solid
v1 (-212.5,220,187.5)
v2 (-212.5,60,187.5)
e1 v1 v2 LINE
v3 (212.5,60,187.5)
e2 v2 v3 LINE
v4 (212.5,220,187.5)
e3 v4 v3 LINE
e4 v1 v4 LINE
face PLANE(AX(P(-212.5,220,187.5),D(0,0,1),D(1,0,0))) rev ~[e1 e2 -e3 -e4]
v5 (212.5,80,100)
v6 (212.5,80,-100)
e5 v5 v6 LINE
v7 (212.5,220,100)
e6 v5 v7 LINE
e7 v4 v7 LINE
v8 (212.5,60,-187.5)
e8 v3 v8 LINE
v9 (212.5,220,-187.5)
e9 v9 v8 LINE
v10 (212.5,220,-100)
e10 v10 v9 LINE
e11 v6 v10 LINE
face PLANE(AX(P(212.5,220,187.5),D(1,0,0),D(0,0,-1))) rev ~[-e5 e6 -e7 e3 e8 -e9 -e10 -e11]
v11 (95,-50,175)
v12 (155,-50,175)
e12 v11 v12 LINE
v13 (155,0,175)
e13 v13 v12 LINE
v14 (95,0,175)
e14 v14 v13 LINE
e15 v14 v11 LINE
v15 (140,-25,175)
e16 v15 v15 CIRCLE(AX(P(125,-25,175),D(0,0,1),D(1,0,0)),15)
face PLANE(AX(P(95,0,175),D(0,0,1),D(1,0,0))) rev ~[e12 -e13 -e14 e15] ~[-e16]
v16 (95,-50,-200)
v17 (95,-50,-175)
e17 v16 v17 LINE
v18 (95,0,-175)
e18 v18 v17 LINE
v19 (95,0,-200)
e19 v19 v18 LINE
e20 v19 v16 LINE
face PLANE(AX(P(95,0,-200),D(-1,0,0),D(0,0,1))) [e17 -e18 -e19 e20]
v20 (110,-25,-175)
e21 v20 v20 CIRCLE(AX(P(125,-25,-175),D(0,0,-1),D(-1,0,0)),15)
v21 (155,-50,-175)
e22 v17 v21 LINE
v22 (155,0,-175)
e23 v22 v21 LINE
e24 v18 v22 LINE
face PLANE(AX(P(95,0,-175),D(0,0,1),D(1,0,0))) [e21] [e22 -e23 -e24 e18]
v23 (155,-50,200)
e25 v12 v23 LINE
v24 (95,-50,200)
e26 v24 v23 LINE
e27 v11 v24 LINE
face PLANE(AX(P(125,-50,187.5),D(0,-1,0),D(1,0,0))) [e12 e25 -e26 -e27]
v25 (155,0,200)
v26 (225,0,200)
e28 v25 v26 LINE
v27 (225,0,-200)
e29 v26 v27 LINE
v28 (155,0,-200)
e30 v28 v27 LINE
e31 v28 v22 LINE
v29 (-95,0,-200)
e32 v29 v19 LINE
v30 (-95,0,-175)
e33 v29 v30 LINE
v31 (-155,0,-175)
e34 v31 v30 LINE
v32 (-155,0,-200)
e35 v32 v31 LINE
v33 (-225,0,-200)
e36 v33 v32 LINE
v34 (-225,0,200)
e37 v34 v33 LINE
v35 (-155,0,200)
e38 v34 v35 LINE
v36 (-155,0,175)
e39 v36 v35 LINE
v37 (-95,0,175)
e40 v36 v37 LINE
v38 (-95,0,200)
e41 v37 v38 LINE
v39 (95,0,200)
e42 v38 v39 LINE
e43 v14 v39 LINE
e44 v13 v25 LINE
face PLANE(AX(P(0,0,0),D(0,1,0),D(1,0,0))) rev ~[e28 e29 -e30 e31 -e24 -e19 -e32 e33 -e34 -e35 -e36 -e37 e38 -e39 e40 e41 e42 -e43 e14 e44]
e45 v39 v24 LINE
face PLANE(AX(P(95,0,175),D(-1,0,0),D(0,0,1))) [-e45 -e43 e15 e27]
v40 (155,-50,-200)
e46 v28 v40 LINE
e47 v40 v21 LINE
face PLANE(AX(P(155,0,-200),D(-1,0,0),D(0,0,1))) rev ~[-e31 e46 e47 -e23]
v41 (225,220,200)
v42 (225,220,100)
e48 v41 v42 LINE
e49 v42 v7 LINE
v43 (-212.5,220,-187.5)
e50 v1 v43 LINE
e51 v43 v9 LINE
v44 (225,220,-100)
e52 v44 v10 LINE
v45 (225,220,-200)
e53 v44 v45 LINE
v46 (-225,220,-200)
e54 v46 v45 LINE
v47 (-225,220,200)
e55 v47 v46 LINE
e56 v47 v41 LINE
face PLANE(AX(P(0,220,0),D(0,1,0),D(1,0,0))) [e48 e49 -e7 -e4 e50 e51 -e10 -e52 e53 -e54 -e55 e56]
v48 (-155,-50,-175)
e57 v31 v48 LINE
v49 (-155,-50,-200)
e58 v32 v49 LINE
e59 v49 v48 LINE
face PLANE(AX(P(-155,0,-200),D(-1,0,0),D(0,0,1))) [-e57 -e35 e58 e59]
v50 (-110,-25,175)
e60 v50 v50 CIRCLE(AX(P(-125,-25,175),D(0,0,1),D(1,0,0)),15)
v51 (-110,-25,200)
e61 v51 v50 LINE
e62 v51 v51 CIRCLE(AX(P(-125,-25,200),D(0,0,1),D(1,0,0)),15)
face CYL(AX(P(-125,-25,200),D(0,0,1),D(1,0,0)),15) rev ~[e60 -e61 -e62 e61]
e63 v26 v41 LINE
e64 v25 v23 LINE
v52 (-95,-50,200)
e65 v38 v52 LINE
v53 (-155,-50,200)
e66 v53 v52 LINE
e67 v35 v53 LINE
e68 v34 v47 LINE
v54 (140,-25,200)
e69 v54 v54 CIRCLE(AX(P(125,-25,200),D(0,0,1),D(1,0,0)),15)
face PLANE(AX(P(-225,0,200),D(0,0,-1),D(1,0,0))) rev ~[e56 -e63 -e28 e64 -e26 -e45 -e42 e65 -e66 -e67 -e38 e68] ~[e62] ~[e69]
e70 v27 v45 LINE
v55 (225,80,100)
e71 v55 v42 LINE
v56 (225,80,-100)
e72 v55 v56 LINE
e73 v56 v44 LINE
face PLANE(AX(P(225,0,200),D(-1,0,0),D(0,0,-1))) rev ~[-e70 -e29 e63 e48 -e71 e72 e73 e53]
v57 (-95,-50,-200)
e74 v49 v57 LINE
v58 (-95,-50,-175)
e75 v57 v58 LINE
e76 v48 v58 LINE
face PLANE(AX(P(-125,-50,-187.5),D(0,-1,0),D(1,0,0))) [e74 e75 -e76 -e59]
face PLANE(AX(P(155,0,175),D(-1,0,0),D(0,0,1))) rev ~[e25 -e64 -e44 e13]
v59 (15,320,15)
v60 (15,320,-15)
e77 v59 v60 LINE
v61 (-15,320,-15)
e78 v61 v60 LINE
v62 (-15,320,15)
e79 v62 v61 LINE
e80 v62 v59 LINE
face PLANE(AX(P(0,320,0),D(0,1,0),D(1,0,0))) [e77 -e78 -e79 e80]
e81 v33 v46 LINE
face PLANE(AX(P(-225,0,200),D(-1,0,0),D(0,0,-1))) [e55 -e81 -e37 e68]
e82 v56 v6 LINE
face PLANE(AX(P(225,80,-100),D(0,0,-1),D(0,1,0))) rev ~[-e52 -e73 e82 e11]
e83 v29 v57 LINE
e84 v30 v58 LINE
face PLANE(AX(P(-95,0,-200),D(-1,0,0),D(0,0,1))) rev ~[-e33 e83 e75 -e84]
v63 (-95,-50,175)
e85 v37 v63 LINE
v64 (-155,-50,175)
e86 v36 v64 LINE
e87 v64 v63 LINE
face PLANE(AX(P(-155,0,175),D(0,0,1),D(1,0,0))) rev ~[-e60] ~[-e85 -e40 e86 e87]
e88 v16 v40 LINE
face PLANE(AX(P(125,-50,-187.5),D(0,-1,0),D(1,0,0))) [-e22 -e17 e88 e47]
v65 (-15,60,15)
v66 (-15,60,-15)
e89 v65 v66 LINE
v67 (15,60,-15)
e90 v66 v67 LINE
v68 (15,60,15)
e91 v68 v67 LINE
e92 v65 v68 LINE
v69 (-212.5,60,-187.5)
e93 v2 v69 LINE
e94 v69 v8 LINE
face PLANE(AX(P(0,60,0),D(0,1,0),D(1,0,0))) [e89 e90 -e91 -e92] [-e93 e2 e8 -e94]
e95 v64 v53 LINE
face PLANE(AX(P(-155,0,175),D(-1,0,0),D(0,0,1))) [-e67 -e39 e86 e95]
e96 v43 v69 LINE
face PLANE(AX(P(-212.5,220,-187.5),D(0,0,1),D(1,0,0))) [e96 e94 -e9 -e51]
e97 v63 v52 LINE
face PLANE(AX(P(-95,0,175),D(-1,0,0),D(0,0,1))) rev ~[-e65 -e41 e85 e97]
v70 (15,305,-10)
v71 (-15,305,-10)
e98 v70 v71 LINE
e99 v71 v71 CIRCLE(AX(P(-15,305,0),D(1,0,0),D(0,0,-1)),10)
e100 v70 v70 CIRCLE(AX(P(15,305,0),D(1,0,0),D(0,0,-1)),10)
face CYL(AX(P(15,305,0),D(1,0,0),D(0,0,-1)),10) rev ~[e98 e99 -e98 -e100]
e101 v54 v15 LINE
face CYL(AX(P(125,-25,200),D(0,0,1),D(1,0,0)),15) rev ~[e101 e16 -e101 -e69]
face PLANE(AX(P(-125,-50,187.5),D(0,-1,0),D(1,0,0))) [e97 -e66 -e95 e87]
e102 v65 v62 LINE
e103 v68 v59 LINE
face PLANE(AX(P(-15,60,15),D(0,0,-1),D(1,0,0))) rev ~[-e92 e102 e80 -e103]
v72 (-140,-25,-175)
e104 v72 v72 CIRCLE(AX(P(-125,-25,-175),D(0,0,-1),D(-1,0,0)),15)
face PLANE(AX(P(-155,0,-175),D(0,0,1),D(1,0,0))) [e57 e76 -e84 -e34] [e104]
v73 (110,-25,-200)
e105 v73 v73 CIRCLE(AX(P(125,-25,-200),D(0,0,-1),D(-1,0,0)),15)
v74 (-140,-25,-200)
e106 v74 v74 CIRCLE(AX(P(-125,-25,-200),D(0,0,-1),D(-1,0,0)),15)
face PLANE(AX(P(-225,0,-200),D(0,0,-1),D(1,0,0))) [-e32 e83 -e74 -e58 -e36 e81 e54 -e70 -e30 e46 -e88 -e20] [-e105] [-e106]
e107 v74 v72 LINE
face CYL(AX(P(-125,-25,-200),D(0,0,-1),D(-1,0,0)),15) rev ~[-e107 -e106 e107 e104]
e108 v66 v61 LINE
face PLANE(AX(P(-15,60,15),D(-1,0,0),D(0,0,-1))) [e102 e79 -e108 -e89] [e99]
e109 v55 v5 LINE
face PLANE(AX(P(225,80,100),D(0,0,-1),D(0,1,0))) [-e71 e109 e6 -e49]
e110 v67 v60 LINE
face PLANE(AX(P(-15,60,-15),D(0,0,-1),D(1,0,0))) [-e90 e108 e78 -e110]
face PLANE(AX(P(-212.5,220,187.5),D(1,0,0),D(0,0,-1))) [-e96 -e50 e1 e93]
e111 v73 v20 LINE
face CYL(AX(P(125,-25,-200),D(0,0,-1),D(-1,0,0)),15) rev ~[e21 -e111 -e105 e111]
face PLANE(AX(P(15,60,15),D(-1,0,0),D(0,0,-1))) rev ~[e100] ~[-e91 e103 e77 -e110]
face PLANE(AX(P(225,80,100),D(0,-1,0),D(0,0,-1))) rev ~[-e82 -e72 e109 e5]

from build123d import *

# Parameters (mm, degrees)
SKETCH1_W           = 450
SKETCH1_H           = 400
BOSS_EXTRUDE1_DEPTH = 220
SKETCH2_W           = 425
SKETCH2_H           = 375
CUT_EXTRUDE1_DEPTH  = 160
SKETCH3_W           = 200
SKETCH3_H           = 140
CUT_EXTRUDE2_DEPTH  = 12.5
SKETCH4_W           = 30
SKETCH4_H           = 30
BOSS_EXTRUDE2_DEPTH = 260
SKETCH5_R           = 10
CUT_EXTRUDE3_DEPTH  = 30
SKETCH6_W           = 60
SKETCH6_H           = 25
BOSS_EXTRUDE3_DEPTH = 50
SKETCH7_R           = 15
CUT_EXTRUDE4_DEPTH  = 25
SKETCH8_R           = 15
CUT_EXTRUDE5_DEPTH  = 25


with BuildPart() as part:
    # Sketch1 → Boss-Extrude1 (new body)
    with BuildSketch(Plane(origin=(0, 0, 0), x_dir=(1, 0, 0), z_dir=(0, 1, 0))):
        Rectangle(SKETCH1_W, SKETCH1_H)
    extrude(amount=BOSS_EXTRUDE1_DEPTH)

    # Sketch2 → Cut-Extrude1 (cut)
    with BuildSketch(Plane(origin=(0, 220, 0), x_dir=(1, 0, 0), z_dir=(0, 1, 0))):
        Rectangle(SKETCH2_W, SKETCH2_H)
    extrude(amount=-CUT_EXTRUDE1_DEPTH, mode=Mode.SUBTRACT)

    # Sketch3 → Cut-Extrude2 (cut)
    with BuildSketch(Plane(origin=(225, 0, 0), x_dir=(0, 0, -1), z_dir=(1, 0, 0))):
        with Locations((0, 150)):
            Rectangle(SKETCH3_W, SKETCH3_H)
    extrude(amount=-CUT_EXTRUDE2_DEPTH, mode=Mode.SUBTRACT)

    # Sketch4 → Boss-Extrude2 (add)
    with BuildSketch(Plane(origin=(0, 60, 0), x_dir=(1, 0, 0), z_dir=(0, 1, 0))):
        Rectangle(SKETCH4_W, SKETCH4_H)
    extrude(amount=BOSS_EXTRUDE2_DEPTH)

    # Sketch5 → Cut-Extrude3 (cut)
    with BuildSketch(Plane(origin=(15, 0, 0), x_dir=(0, 0, -1), z_dir=(1, 0, 0))):
        with Locations((0, 305)):
            Circle(SKETCH5_R)
    extrude(amount=-CUT_EXTRUDE3_DEPTH, mode=Mode.SUBTRACT)

    # Sketch6 → Boss-Extrude3 (add)
    with BuildSketch(Plane.XZ):
        with Locations((125, 187.5)):
            Rectangle(SKETCH6_W, SKETCH6_H)
        with Locations((-125, 187.5)):
            Rectangle(SKETCH6_W, SKETCH6_H)
        with Locations((-125, -187.5)):
            Rectangle(SKETCH6_W, SKETCH6_H)
        with Locations((125, -187.5)):
            Rectangle(SKETCH6_W, SKETCH6_H)
    extrude(amount=BOSS_EXTRUDE3_DEPTH)

    # Sketch7 → Cut-Extrude4 (cut)
    with BuildSketch(Plane(origin=(0, 0, -200), x_dir=(-1, 0, 0), z_dir=(0, 0, -1))):
        with Locations((125, -25)):
            Circle(SKETCH7_R)
        with Locations((-125, -25)):
            Circle(SKETCH7_R)
    extrude(amount=-CUT_EXTRUDE4_DEPTH, mode=Mode.SUBTRACT)

    # Sketch8 → Cut-Extrude5 (cut)
    with BuildSketch(Plane.XY.offset(200)):
        with Locations((-125, -25)):
            Circle(SKETCH8_R)
        with Locations((125, -25)):
            Circle(SKETCH8_R)
    extrude(amount=-CUT_EXTRUDE5_DEPTH, mode=Mode.SUBTRACT)


solid = part.part
